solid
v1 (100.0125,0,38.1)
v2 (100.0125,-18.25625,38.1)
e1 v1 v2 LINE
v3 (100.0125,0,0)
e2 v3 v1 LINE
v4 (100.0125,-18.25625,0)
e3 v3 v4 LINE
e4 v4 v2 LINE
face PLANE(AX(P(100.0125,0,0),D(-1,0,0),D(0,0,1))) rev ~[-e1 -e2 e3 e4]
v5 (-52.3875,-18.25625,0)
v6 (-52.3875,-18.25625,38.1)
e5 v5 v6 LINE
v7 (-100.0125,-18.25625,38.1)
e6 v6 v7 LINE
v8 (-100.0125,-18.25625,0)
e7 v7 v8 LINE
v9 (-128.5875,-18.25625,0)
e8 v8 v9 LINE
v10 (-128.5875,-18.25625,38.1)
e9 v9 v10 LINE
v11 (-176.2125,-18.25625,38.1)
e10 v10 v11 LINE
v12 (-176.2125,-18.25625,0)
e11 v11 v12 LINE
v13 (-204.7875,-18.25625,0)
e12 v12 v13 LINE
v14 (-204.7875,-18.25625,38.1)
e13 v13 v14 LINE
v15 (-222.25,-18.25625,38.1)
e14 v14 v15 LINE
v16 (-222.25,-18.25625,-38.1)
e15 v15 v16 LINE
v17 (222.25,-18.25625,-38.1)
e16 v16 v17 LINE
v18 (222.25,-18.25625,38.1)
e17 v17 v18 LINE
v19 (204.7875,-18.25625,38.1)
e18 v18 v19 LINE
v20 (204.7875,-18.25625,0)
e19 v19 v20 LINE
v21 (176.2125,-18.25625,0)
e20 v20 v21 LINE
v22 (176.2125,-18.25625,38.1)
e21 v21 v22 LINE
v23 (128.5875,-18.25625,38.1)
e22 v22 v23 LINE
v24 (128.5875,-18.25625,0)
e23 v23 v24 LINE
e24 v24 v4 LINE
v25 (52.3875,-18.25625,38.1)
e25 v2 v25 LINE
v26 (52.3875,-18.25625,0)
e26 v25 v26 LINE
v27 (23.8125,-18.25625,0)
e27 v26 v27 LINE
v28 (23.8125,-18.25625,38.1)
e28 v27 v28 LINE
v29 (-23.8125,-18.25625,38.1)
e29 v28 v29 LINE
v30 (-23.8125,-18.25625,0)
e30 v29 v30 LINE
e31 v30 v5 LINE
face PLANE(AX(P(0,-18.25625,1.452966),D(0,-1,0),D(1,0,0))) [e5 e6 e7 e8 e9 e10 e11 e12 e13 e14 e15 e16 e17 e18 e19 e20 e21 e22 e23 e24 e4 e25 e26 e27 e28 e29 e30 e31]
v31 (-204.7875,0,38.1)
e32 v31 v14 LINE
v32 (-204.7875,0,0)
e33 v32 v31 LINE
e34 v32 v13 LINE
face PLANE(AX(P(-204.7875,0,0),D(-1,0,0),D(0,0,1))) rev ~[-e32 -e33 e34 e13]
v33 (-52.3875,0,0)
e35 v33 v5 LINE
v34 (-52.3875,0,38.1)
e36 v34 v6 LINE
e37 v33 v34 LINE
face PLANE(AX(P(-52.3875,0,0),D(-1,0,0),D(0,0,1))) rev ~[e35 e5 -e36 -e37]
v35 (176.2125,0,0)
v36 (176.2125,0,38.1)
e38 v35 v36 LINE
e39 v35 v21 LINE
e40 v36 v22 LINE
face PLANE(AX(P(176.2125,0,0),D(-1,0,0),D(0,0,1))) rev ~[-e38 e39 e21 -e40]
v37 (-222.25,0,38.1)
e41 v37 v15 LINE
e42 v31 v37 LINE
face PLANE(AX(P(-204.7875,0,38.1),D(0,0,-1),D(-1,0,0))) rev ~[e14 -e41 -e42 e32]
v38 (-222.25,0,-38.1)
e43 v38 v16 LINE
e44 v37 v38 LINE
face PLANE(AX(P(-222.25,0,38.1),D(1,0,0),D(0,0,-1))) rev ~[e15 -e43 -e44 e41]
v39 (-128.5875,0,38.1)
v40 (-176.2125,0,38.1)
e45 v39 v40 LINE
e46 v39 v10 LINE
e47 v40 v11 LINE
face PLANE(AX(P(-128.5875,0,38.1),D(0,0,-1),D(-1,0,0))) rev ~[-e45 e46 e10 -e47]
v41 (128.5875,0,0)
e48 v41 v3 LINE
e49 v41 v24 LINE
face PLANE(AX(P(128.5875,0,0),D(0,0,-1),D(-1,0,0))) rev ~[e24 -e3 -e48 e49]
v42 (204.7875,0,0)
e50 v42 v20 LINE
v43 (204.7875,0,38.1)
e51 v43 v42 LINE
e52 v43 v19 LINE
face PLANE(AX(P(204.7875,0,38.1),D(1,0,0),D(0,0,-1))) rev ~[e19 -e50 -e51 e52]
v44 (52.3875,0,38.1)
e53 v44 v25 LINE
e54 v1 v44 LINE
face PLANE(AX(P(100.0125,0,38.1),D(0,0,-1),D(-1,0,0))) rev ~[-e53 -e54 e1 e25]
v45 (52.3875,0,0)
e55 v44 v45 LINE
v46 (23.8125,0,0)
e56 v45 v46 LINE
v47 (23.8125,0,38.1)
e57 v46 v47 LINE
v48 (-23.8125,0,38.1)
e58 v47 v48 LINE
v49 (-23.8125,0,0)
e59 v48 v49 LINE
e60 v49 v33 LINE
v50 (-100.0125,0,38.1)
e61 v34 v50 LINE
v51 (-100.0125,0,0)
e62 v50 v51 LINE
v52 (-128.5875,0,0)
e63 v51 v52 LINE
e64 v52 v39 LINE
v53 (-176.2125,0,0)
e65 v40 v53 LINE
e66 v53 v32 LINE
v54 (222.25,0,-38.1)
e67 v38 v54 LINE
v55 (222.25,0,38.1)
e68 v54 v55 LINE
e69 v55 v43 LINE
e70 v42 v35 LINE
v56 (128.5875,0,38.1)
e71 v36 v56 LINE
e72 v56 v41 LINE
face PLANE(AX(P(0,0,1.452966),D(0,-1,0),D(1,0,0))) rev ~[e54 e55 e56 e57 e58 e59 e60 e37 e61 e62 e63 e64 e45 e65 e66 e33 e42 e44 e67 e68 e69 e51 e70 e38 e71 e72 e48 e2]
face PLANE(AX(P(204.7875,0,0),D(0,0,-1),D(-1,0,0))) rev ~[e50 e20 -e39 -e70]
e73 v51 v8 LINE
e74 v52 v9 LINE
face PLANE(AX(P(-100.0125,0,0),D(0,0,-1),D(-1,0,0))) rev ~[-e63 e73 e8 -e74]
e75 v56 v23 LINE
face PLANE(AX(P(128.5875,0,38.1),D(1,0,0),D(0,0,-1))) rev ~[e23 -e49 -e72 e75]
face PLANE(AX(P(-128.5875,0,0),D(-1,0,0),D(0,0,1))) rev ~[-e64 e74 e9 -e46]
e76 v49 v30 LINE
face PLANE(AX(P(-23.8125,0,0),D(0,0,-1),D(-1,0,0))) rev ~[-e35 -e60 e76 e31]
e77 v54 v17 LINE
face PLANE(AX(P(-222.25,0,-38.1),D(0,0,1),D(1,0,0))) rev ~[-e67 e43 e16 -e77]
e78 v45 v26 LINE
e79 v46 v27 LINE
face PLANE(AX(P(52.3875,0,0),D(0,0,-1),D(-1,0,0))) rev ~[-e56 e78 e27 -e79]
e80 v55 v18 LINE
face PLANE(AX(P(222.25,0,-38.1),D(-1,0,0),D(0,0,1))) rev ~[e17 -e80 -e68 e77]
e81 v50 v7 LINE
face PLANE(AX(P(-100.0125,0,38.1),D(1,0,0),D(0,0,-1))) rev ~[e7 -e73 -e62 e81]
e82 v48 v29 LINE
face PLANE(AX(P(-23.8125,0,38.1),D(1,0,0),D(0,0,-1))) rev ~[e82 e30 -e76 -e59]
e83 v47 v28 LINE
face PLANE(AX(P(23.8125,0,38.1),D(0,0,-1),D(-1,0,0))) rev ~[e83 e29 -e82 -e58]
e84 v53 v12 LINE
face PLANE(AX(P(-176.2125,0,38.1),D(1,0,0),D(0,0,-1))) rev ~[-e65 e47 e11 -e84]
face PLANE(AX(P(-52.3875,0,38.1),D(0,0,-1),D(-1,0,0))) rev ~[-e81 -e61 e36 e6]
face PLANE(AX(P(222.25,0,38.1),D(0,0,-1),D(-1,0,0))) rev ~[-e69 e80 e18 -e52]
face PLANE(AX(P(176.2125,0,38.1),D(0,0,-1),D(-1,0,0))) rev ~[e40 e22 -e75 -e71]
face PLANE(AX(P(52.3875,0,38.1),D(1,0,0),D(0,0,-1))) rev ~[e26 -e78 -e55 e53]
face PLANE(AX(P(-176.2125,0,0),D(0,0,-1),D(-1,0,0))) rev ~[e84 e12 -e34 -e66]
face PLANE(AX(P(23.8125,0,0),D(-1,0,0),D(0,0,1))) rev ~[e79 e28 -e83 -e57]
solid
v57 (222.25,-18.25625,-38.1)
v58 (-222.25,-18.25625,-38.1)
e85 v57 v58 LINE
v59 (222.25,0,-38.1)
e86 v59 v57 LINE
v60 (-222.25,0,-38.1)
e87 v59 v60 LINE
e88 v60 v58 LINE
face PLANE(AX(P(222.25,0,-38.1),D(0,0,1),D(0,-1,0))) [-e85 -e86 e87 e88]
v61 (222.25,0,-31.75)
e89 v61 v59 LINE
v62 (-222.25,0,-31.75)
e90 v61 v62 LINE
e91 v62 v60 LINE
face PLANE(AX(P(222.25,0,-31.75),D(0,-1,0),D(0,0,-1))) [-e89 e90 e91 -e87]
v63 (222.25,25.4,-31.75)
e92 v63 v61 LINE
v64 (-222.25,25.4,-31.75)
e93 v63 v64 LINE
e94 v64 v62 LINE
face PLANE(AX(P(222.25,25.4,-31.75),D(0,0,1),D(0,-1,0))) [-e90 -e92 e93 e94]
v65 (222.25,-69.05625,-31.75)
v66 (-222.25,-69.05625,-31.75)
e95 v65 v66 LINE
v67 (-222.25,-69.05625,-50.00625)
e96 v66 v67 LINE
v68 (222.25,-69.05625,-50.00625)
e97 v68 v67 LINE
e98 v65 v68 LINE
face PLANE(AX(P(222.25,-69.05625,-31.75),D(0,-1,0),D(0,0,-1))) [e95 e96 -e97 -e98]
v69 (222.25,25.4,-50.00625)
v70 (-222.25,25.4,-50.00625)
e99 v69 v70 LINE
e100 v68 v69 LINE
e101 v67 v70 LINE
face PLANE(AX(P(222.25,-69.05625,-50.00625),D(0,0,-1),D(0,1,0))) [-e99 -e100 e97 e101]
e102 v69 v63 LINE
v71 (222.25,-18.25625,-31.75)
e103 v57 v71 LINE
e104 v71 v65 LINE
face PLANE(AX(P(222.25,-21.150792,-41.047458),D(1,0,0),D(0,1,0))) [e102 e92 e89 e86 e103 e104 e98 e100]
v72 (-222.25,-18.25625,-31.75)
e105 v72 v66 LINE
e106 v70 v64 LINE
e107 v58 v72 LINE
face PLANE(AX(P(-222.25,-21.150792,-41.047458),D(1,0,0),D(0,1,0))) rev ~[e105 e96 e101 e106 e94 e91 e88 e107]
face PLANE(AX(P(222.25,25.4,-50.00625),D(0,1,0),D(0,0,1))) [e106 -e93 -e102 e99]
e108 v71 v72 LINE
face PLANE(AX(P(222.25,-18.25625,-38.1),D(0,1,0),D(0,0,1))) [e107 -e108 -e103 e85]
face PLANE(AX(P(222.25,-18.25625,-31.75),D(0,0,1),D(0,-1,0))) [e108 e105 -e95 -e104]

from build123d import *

# Parameters (mm, degrees)
F1_DEPTH = 18.25625
F3_DEPTH = 444.5


with BuildPart() as f1:
    # F0 (on Front) → F1 (new body)
    with BuildSketch(Plane.XZ):
        Polygon((-204.7875, 38.1), (-222.25, 38.1), (-222.25, -38.1), (222.25, -38.1), (222.25, 38.1), (204.7875, 38.1), (204.7875, 0), (176.2125, 0), (176.2125, 38.1), (128.5875, 38.1), (128.5875, 0), (100.0125, 0), (100.0125, 38.1), (52.3875, 38.1), (52.3875, 0), (23.8125, 0), (23.8125, 38.1), (-23.8125, 38.1), (-23.8125, 0), (-52.3875, 0), (-52.3875, 38.1), (-100.0125, 38.1), (-100.0125, 0), (-128.5875, 0), (-128.5875, 38.1), (-176.2125, 38.1), (-176.2125, 0), (-204.7875, 0), align=None)
    extrude(amount=F1_DEPTH)


with BuildPart() as f3:
    # F2 (on face) → F3 (new body, through all)
    with BuildSketch(Plane.YZ.offset(222.25)):
        Polygon((25.4, -31.75), (0, -31.75), (0, -38.1), (-18.25625, -38.1), (-18.25625, -31.75), (-69.05625, -31.75), (-69.05625, -50.00625), (25.4, -50.00625), align=None)
    extrude(amount=-F3_DEPTH)


solid = Compound([f1.part, f3.part])
